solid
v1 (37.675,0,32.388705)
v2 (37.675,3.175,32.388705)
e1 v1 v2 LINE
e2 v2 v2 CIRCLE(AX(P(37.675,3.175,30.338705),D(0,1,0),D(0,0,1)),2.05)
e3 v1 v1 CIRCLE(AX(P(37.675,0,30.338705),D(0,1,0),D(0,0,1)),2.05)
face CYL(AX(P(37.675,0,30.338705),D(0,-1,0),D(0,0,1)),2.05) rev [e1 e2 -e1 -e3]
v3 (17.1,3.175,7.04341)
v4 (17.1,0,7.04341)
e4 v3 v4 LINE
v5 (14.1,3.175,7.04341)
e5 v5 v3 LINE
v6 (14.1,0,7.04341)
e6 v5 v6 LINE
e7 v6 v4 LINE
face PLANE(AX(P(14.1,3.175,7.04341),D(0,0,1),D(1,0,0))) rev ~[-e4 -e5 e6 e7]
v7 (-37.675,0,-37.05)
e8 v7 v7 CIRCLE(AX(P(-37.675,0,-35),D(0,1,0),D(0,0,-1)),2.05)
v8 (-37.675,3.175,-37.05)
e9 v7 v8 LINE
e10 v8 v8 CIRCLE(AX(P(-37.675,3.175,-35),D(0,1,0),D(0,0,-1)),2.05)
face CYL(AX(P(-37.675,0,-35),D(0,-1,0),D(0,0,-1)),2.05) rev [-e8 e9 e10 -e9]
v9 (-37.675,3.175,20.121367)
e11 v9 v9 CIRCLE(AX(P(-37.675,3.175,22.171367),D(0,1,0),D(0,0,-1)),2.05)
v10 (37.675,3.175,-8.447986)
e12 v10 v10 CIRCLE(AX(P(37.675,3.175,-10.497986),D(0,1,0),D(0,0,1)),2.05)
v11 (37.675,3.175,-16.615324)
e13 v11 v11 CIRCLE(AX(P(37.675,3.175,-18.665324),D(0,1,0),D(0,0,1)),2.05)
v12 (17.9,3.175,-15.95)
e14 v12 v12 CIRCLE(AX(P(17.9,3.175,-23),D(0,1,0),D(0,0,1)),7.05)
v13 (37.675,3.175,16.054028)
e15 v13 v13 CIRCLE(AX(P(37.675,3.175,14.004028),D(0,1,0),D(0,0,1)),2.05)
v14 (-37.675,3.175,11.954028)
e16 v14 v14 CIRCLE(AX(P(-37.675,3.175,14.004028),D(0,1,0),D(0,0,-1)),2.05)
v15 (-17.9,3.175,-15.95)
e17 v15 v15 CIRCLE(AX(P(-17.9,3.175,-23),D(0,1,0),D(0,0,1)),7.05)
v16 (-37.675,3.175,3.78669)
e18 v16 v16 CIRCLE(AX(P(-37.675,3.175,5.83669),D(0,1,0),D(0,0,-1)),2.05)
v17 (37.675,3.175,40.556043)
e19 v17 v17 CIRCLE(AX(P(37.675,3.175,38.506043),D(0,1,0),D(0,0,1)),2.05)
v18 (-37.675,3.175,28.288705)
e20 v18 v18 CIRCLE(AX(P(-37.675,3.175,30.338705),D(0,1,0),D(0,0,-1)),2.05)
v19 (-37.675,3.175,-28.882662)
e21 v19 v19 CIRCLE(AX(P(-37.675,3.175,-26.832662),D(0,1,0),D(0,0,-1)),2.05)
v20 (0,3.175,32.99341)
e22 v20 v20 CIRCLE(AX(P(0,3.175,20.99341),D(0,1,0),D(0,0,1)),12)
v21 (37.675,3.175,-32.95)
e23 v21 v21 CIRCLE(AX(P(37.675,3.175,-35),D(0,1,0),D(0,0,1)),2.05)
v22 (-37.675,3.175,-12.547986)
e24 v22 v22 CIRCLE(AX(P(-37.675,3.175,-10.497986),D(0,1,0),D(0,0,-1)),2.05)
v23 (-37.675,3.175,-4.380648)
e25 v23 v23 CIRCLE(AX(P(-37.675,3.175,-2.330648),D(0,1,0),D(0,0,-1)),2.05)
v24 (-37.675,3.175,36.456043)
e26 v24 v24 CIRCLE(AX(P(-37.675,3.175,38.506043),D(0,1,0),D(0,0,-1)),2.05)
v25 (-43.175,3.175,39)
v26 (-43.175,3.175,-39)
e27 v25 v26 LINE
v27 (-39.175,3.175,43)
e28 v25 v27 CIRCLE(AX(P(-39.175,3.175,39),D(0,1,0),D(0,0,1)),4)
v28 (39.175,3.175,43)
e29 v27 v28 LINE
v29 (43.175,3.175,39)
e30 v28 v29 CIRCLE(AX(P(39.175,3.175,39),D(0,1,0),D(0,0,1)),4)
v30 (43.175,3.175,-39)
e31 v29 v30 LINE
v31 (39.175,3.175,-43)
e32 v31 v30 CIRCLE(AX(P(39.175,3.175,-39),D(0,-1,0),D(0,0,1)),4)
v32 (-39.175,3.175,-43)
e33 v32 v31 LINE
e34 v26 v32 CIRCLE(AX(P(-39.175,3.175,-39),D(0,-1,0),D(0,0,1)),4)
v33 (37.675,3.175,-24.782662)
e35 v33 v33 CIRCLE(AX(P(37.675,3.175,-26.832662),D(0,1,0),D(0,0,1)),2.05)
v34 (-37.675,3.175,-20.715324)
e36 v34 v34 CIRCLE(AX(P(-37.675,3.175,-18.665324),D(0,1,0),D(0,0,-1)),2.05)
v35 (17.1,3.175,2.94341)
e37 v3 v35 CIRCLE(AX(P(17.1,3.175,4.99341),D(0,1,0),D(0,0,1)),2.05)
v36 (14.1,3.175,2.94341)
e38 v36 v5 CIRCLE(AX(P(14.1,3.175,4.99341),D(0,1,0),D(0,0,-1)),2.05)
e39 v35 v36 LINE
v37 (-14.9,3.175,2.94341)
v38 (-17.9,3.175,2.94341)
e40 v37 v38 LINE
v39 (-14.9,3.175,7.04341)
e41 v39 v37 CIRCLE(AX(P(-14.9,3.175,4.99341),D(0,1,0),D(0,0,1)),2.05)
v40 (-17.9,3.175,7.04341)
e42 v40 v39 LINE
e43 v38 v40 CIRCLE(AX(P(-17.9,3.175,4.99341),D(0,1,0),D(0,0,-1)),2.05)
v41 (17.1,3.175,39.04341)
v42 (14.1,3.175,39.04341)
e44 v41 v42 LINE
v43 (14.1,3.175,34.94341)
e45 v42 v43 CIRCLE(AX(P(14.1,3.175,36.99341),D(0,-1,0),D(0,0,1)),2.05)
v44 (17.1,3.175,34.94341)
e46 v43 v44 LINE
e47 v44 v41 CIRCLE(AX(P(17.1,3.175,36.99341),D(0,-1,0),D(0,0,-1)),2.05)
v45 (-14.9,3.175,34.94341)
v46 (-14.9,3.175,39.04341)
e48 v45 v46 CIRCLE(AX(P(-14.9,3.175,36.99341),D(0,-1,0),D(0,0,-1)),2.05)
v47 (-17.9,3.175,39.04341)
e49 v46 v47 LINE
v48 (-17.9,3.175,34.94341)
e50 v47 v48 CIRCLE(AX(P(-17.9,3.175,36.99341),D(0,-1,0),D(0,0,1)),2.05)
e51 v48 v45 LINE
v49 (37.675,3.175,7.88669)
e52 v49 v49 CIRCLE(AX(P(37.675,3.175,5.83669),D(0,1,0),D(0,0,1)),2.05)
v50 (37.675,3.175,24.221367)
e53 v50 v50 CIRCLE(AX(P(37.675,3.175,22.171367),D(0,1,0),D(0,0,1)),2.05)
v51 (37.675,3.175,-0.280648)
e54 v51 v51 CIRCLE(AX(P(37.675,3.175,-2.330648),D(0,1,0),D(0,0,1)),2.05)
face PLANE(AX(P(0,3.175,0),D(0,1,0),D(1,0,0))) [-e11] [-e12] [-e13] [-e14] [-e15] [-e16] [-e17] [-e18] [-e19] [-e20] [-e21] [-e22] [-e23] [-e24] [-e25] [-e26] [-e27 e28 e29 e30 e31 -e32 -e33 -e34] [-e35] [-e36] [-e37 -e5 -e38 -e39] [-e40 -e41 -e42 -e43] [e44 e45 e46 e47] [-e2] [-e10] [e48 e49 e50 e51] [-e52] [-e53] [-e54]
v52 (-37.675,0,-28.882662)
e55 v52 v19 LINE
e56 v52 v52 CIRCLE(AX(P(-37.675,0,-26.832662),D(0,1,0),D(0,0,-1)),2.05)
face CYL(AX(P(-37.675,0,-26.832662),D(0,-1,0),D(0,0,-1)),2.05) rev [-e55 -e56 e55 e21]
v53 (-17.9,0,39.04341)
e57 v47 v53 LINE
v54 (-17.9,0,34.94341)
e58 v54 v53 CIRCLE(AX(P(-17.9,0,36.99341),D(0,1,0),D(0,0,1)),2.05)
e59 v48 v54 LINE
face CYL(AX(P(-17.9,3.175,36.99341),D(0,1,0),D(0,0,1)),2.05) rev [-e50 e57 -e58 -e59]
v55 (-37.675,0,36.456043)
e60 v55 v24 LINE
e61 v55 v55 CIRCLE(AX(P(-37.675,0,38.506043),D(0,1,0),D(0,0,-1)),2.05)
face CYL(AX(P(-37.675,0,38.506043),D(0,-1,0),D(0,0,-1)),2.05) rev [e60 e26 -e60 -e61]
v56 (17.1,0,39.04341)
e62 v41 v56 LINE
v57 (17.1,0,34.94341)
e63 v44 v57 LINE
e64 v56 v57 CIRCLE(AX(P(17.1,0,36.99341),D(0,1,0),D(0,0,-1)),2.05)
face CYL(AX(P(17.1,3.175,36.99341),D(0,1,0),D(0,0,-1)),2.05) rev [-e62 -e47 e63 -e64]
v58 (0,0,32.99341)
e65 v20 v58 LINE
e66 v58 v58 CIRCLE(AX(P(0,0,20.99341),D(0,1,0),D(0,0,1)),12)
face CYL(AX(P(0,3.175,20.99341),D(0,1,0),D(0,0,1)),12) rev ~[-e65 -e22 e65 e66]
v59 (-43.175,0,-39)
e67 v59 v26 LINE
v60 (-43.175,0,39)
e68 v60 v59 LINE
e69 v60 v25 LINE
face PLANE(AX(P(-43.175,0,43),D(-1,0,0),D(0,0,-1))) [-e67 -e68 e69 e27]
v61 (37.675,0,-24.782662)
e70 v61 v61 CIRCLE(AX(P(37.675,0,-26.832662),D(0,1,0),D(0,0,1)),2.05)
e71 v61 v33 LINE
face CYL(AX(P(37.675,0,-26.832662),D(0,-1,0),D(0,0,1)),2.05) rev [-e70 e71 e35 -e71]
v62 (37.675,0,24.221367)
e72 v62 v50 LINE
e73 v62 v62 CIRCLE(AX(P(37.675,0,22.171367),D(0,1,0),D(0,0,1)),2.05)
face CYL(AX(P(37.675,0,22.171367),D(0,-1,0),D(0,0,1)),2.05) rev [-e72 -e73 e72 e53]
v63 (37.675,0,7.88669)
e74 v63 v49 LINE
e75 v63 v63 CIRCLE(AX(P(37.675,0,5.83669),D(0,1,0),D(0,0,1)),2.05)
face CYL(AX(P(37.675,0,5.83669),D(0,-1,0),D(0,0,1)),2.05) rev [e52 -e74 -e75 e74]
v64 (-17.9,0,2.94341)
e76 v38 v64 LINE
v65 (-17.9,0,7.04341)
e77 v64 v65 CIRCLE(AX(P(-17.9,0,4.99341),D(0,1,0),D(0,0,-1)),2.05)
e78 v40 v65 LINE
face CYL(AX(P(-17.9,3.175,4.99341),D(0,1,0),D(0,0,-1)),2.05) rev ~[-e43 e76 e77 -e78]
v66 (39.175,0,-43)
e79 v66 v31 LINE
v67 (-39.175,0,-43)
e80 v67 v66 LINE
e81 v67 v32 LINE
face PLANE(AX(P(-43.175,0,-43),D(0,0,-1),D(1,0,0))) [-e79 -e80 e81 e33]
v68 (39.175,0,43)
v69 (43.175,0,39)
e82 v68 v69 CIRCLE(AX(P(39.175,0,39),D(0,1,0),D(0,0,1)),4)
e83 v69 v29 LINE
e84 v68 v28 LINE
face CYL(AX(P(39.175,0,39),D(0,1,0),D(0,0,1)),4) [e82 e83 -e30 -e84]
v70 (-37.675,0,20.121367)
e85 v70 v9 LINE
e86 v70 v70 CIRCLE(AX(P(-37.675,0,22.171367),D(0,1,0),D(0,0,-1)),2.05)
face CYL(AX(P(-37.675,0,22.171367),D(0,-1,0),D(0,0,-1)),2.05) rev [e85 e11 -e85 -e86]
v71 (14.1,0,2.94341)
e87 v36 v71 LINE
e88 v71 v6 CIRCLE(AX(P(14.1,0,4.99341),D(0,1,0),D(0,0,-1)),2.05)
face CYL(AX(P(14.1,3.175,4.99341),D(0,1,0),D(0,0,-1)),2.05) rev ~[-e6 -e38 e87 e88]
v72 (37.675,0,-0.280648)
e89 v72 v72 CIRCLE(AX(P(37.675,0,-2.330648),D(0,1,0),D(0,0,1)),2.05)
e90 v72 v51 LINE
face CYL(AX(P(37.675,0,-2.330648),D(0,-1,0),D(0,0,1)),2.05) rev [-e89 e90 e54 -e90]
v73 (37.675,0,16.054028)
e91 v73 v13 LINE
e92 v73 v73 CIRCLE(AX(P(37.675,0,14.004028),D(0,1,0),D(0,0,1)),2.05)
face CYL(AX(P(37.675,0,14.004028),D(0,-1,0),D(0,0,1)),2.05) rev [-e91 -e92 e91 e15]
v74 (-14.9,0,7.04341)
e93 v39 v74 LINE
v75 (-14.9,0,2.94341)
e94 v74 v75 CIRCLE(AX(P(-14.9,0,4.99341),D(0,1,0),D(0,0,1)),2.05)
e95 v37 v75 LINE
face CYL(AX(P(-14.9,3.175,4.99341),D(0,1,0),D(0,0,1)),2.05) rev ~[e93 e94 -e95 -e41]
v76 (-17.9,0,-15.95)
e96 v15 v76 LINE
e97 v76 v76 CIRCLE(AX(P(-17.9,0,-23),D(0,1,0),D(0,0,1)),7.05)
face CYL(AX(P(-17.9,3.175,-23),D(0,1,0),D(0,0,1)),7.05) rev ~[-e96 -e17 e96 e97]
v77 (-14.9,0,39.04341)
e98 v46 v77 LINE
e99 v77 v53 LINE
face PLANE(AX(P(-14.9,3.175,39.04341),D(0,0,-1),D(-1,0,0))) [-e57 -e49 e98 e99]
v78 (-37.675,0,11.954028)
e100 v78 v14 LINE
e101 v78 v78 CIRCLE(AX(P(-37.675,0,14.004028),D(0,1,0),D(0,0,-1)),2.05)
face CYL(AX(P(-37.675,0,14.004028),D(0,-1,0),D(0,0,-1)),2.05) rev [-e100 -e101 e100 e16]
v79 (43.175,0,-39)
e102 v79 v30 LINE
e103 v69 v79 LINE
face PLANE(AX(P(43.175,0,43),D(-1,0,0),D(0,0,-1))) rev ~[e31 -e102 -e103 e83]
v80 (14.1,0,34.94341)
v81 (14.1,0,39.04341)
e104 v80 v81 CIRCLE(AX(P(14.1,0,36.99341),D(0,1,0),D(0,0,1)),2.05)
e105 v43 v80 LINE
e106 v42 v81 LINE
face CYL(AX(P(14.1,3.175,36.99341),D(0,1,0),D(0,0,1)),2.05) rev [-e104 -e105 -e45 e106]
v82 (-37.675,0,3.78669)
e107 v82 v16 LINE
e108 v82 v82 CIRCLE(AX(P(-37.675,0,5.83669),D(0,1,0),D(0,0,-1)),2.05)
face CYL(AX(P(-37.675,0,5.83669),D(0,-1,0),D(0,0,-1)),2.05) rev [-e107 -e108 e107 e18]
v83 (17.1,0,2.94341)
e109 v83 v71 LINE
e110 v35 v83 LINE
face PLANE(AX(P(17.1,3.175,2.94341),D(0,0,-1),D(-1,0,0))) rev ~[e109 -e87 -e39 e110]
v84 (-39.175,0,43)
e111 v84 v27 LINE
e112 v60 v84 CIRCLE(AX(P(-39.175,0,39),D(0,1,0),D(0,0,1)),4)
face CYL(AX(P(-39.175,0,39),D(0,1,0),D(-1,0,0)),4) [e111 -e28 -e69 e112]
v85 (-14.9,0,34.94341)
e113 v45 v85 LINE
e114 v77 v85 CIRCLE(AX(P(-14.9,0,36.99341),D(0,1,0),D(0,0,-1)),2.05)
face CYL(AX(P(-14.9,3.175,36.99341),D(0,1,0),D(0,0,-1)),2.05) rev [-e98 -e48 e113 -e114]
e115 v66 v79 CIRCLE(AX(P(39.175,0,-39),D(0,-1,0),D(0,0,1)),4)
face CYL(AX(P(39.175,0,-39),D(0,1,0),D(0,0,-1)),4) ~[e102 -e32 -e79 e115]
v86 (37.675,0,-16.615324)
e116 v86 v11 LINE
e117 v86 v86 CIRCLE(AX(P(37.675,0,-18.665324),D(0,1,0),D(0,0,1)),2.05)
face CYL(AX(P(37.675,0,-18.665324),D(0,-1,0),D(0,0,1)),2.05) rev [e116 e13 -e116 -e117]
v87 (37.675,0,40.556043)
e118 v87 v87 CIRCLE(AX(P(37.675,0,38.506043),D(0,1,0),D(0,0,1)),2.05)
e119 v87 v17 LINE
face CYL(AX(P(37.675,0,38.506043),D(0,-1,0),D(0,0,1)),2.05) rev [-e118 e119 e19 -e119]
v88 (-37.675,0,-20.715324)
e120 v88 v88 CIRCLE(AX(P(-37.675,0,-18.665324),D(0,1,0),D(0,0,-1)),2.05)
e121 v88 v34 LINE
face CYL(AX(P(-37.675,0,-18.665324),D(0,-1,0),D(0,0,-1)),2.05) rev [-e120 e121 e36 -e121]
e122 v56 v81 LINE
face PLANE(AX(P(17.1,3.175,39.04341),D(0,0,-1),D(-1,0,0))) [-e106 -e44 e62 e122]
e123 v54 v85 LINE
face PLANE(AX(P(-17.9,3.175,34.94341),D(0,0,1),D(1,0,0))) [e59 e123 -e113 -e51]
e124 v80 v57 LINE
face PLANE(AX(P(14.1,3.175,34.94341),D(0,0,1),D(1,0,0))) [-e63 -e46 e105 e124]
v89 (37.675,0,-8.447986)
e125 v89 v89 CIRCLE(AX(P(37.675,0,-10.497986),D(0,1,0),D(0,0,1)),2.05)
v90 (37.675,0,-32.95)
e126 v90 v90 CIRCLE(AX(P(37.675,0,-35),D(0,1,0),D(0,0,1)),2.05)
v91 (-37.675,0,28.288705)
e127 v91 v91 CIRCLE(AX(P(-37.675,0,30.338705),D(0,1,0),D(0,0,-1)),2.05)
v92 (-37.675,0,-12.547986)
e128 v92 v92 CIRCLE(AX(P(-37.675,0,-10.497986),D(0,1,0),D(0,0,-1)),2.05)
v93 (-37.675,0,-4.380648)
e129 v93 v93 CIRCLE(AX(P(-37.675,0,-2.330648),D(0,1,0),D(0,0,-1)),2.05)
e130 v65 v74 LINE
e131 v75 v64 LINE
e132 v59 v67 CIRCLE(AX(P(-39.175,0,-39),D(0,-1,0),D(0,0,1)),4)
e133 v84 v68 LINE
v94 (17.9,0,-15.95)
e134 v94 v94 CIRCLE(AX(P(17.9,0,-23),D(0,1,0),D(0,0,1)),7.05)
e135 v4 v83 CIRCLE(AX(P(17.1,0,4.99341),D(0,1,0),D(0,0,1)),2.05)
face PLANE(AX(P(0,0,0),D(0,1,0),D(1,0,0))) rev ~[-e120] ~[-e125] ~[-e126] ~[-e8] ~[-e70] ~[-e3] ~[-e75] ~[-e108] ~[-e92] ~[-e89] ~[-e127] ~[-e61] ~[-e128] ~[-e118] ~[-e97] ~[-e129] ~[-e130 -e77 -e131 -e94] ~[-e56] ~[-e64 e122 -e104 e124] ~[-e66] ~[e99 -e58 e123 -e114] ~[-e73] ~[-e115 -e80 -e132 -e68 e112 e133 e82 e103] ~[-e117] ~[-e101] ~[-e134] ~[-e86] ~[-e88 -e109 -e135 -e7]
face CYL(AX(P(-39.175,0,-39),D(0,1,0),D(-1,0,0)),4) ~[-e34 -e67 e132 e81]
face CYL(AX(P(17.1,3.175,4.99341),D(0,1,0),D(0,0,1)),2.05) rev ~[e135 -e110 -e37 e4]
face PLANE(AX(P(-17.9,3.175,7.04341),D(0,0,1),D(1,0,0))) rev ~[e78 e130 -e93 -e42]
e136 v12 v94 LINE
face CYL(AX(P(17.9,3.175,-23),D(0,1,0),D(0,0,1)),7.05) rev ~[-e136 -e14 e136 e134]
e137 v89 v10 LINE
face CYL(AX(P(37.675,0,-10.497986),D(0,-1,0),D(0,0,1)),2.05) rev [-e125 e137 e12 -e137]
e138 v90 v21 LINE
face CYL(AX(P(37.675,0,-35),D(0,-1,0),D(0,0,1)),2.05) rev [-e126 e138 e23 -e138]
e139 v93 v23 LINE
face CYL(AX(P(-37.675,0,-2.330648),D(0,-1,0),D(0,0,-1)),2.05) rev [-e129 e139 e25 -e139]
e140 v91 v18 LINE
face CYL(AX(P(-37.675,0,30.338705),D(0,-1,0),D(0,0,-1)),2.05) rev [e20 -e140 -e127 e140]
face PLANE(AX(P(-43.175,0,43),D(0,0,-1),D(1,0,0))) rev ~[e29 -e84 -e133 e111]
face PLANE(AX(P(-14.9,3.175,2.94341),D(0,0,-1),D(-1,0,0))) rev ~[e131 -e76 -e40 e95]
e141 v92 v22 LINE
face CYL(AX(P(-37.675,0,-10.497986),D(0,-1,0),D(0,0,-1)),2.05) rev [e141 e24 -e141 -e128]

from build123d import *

# Parameters (mm, degrees)
SKETCH1_W           = 86.35
SKETCH1_H           = 86
SKETCH1_R           = 2.05
BOSS_EXTRUDE1_DEPTH = 3.175
FILLET1_R           = 4
SKETCH2_R           = 7.05
SKETCH2_R_2         = 12
CUT_EXTRUDE1_DEPTH  = 3.18


with BuildPart() as part:
    # Sketch1 → Boss-Extrude1 (new body)
    with BuildSketch(Plane(origin=(0, 0, 0), x_dir=(1, 0, 0), z_dir=(0, 1, 0))):
        Rectangle(SKETCH1_W, SKETCH1_H)
        with Locations(Location((37.675, 35, 0), (0, 0, 270))):
            Circle(SKETCH1_R, mode=Mode.SUBTRACT)
        with Locations(Location((37.675, 26.832661921, 0), (0, 0, 270))):
            Circle(SKETCH1_R, mode=Mode.SUBTRACT)
        with Locations(Location((37.675, 18.665323842, 0), (0, 0, 270))):
            Circle(SKETCH1_R, mode=Mode.SUBTRACT)
        with Locations(Location((37.675, 10.497985763, 0), (0, 0, 270))):
            Circle(SKETCH1_R, mode=Mode.SUBTRACT)
        with Locations(Location((37.675, 2.330647684, 0), (0, 0, 270))):
            Circle(SKETCH1_R, mode=Mode.SUBTRACT)
        with Locations(Location((37.675, -5.836690395, 0), (0, 0, 270))):
            Circle(SKETCH1_R, mode=Mode.SUBTRACT)
        with Locations(Location((37.675, -14.004028475, 0), (0, 0, 270))):
            Circle(SKETCH1_R, mode=Mode.SUBTRACT)
        with Locations(Location((37.675, -22.171366554, 0), (0, 0, 270))):
            Circle(SKETCH1_R, mode=Mode.SUBTRACT)
        with Locations(Location((37.675, -30.338704633, 0), (0, 0, 270))):
            Circle(SKETCH1_R, mode=Mode.SUBTRACT)
        with Locations(Location((37.675, -38.506042712, 0), (0, 0, 270))):
            Circle(SKETCH1_R, mode=Mode.SUBTRACT)
        with Locations(Location((-37.675, -38.506042712, 0), (0, 0, 90))):
            Circle(SKETCH1_R, mode=Mode.SUBTRACT)
        with Locations(Location((-37.675, -30.338704633, 0), (0, 0, 90))):
            Circle(SKETCH1_R, mode=Mode.SUBTRACT)
        with Locations(Location((-37.675, -22.171366554, 0), (0, 0, 90))):
            Circle(SKETCH1_R, mode=Mode.SUBTRACT)
        with Locations(Location((-37.675, -14.004028475, 0), (0, 0, 90))):
            Circle(SKETCH1_R, mode=Mode.SUBTRACT)
        with Locations(Location((-37.675, -5.836690395, 0), (0, 0, 90))):
            Circle(SKETCH1_R, mode=Mode.SUBTRACT)
        with Locations(Location((-37.675, 2.330647684, 0), (0, 0, 90))):
            Circle(SKETCH1_R, mode=Mode.SUBTRACT)
        with Locations(Location((-37.675, 10.497985763, 0), (0, 0, 90))):
            Circle(SKETCH1_R, mode=Mode.SUBTRACT)
        with Locations(Location((-37.675, 18.665323842, 0), (0, 0, 90))):
            Circle(SKETCH1_R, mode=Mode.SUBTRACT)
        with Locations(Location((-37.675, 26.832661921, 0), (0, 0, 90))):
            Circle(SKETCH1_R, mode=Mode.SUBTRACT)
        with Locations(Location((-37.675, 35, 0), (0, 0, 90))):
            Circle(SKETCH1_R, mode=Mode.SUBTRACT)
    extrude(amount=BOSS_EXTRUDE1_DEPTH)

    # Fillet1
    fillet1_edges = [part.edges().sort_by_distance(p)[0] for p in [
        (43.175, 1.5875, 43),
        (-43.175, 1.5875, 43),
        (-43.175, 1.5875, -43),
        (43.175, 1.5875, -43),
    ]]
    fillet(fillet1_edges, radius=FILLET1_R)

    # Sketch2 → Cut-Extrude1 (cut)
    with BuildSketch(Plane(origin=(0, 3.175, 0), x_dir=(1, 0, 0), z_dir=(0, 1, 0))):
        with Locations(Location((-17.9, 23, 0), (0, 0, 270))):
            Circle(SKETCH2_R)
        with Locations(Location((17.9, 23, 0), (0, 0, 270))):
            Circle(SKETCH2_R)
        with Locations(Location((0, -20.993410297, 0), (0, 0, 270))):
            Circle(SKETCH2_R_2)
        with BuildLine():
            Line((-17.9, -7.043410297), (-14.9, -7.043410297))
            ThreePointArc((-14.9, -7.043410297), (-12.85, -4.993410297), (-14.9, -2.943410297))
            Line((-14.9, -2.943410297), (-17.9, -2.943410297))
            ThreePointArc((-17.9, -2.943410297), (-19.95, -4.993410297), (-17.9, -7.043410297))
        make_face()
        with BuildLine():
            Line((17.1, -2.943410297), (14.1, -2.943410297))
            ThreePointArc((14.1, -2.943410297), (12.05, -4.993410297), (14.1, -7.043410297))
            Line((14.1, -7.043410297), (17.1, -7.043410297))
            ThreePointArc((17.1, -7.043410297), (19.15, -4.993410297), (17.1, -2.943410297))
        make_face()
        with BuildLine():
            Line((14.1, -34.943410297), (17.1, -34.943410297))
            ThreePointArc((17.1, -34.943410297), (19.15, -36.993410297), (17.1, -39.043410297))
            Line((17.1, -39.043410297), (14.1, -39.043410297))
            ThreePointArc((14.1, -39.043410297), (12.05, -36.993410297), (14.1, -34.943410297))
        make_face()
        with BuildLine():
            Line((-17.9, -34.943410297), (-14.9, -34.943410297))
            ThreePointArc((-14.9, -34.943410297), (-12.85, -36.993410297), (-14.9, -39.043410297))
            Line((-14.9, -39.043410297), (-17.9, -39.043410297))
            ThreePointArc((-17.9, -39.043410297), (-19.95, -36.993410297), (-17.9, -34.943410297))
        make_face()
    extrude(amount=-CUT_EXTRUDE1_DEPTH, mode=Mode.SUBTRACT)


solid = part.part
